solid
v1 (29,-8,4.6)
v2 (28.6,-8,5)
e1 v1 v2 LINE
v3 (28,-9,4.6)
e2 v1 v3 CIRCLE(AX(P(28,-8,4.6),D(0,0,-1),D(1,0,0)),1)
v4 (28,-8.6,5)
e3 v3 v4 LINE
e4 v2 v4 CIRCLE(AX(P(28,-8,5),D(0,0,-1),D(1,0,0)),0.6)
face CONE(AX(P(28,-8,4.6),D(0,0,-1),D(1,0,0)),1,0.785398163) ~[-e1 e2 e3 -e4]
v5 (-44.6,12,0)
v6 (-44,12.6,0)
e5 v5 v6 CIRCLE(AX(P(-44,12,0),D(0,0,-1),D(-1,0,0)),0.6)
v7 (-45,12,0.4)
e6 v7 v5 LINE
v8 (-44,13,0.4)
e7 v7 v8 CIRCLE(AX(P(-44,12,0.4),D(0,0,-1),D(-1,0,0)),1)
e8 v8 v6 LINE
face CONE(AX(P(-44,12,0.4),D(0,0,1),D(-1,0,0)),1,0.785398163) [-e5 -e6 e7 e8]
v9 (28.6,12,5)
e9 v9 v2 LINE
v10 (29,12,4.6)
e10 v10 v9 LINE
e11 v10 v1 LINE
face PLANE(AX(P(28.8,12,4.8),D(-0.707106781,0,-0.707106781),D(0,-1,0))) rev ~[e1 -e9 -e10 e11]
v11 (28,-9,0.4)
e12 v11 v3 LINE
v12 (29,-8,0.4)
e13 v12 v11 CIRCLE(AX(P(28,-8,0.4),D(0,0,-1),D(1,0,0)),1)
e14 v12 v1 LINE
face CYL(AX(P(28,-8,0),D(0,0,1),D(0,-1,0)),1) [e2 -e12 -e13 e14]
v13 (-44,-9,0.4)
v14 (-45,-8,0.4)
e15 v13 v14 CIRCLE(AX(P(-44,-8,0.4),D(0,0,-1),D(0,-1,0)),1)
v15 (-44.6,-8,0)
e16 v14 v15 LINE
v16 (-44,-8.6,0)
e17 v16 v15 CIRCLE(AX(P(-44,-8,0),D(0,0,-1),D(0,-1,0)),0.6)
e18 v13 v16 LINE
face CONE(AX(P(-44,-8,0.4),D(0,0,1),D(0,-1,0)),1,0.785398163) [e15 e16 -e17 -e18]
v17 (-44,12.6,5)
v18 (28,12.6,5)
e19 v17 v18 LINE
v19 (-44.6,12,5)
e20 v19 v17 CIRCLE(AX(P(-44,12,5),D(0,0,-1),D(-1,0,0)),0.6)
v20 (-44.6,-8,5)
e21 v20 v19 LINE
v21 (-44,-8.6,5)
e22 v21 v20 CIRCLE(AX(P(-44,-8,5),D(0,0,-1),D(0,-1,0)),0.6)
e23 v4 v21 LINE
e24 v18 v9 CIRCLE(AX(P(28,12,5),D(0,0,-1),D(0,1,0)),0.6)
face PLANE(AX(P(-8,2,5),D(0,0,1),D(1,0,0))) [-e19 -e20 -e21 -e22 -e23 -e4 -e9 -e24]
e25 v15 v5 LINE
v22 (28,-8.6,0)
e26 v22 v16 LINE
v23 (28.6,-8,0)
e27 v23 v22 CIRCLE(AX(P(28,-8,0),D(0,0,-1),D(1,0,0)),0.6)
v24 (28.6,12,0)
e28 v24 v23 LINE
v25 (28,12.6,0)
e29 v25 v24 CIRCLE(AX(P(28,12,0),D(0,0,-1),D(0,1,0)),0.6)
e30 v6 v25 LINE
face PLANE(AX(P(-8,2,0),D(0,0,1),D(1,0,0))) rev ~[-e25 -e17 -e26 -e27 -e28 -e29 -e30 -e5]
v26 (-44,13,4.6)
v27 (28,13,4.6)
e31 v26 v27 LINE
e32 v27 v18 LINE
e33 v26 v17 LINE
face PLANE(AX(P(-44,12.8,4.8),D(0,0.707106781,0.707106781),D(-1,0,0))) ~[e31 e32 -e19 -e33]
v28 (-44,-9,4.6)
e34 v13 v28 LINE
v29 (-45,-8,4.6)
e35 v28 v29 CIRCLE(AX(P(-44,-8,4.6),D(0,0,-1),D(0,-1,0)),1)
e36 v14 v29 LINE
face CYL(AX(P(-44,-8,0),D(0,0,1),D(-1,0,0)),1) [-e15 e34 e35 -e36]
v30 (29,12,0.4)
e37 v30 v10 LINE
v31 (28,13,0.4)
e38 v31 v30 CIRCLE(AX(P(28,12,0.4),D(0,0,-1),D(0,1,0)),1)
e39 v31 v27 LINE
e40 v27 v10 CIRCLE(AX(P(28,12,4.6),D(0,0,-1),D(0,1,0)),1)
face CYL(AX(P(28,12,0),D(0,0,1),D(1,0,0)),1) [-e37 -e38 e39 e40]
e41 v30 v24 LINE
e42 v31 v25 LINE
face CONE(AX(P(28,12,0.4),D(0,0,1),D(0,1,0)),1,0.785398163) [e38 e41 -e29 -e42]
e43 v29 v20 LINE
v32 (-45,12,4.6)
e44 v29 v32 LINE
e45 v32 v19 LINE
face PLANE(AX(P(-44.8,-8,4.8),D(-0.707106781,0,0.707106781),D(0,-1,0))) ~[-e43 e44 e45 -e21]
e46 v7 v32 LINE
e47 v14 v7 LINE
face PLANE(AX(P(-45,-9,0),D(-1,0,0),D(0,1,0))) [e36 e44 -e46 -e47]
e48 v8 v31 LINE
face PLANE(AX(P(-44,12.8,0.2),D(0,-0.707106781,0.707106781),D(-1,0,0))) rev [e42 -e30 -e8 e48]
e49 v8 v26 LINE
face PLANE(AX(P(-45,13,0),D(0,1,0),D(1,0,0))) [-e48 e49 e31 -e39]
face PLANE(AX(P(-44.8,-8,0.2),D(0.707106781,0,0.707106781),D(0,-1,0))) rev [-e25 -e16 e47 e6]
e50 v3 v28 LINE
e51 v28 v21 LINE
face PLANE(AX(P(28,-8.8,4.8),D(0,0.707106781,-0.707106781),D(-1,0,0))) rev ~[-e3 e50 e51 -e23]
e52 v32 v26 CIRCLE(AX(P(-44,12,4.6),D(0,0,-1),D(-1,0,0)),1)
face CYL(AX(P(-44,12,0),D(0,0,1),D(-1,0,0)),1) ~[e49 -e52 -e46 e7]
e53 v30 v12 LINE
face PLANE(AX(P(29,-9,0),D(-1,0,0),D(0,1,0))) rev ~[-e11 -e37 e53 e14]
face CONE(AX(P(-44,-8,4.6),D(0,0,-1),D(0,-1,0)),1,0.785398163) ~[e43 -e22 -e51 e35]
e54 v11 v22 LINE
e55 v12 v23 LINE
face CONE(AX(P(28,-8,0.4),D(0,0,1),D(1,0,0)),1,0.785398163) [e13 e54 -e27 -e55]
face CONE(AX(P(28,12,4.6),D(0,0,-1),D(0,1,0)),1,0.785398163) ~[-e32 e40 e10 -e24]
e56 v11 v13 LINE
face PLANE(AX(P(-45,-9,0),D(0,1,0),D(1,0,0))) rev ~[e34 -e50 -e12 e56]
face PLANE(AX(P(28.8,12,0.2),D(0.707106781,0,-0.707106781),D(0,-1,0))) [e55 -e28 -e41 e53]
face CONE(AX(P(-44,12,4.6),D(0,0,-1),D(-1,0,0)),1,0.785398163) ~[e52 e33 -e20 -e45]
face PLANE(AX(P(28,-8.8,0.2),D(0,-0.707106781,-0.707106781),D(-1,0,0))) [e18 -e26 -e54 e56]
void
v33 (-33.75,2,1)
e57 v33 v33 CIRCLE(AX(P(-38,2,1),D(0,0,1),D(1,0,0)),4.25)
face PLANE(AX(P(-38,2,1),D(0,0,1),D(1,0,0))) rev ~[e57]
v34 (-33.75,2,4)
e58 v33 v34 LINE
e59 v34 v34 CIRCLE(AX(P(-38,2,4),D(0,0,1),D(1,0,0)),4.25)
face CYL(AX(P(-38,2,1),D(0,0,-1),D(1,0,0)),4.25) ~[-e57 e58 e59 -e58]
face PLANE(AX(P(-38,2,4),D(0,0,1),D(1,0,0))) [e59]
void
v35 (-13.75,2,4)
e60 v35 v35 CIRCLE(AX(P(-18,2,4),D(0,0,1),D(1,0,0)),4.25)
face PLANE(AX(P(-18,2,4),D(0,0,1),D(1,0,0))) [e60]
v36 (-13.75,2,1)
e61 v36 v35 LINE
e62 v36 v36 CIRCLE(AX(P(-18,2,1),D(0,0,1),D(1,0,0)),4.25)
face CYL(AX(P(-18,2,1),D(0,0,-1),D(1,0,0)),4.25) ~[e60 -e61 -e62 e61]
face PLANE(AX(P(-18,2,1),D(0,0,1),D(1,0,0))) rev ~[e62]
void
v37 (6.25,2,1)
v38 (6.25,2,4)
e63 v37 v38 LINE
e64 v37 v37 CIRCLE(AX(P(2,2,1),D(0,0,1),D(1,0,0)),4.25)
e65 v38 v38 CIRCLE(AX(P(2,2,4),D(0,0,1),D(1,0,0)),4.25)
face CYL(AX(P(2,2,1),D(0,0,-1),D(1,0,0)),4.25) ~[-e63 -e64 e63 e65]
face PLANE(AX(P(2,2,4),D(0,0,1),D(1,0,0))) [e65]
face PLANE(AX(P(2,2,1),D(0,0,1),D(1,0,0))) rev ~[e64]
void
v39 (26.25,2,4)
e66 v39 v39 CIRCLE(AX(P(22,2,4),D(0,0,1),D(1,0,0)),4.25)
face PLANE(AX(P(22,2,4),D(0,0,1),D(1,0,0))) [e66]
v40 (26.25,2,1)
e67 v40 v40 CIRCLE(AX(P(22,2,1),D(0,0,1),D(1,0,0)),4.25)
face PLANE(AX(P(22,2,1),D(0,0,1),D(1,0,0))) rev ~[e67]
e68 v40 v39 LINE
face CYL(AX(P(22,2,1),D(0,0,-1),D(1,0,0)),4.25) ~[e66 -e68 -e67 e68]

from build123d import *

# Parameters (mm, degrees)
CYLINDER001_R     = 4.25
CYLINDER001_DEPTH = 3
CYLINDER_R        = 4.25
CYLINDER_DEPTH    = 3
CYLINDER002_R     = 4.25
CYLINDER002_DEPTH = 3
CYLINDER003_R     = 4.25
CYLINDER003_DEPTH = 3
BOX_W             = 74
BOX_H             = 22
BOX_DEPTH         = 5
FILLET_R          = 1
CHAMFER_SIZE      = 0.4


with BuildPart() as cylinder001:
    # Cylinder001 → Cylinder001 (new body)
    with BuildSketch(Plane(origin=(22, 2, 0), x_dir=(1, 0, 0), z_dir=(0, 0, 1))):
        Circle(CYLINDER001_R)
    extrude(amount=CYLINDER001_DEPTH)


with BuildPart() as cylinder:
    # Cylinder → Cylinder (new body)
    with BuildSketch(Plane(origin=(-38, 2, 0), x_dir=(1, 0, 0), z_dir=(0, 0, 1))):
        Circle(CYLINDER_R)
    extrude(amount=CYLINDER_DEPTH)


with BuildPart() as cylinder002:
    # Cylinder002 → Cylinder002 (new body)
    with BuildSketch(Plane(origin=(2, 2, 0), x_dir=(1, 0, 0), z_dir=(0, 0, 1))):
        Circle(CYLINDER002_R)
    extrude(amount=CYLINDER002_DEPTH)


with BuildPart() as fusion:
    # Cylinder003 → Cylinder003 (new body)
    with BuildSketch(Plane(origin=(-18, 2, 0), x_dir=(1, 0, 0), z_dir=(0, 0, 1))):
        Circle(CYLINDER003_R)
    extrude(amount=CYLINDER003_DEPTH)

    # Fusion: union Cylinder001, Cylinder, Cylinder002
    add(cylinder001.part)
    add(cylinder.part)
    add(cylinder002.part)


with BuildPart() as fusion_1:
    # Fusion placement: moved
    add(fusion.part.moved(Location((0, 0, 1))))


with BuildPart() as cut:
    # Box → Box (new body)
    with BuildSketch(Plane(origin=(-45, -9, 0), x_dir=(1, 0, 0), z_dir=(0, 0, 1))):
        with Locations((37, 11)):
            Rectangle(BOX_W, BOX_H)
    extrude(amount=BOX_DEPTH)

    # Fillet
    fillet_edges = [cut.edges().sort_by_distance(p)[0] for p in [
        (-45, -9, 2.5),
        (-45, 13, 2.5),
        (29, -9, 2.5),
        (29, 13, 2.5),
    ]]
    fillet(fillet_edges, radius=FILLET_R)

    # Chamfer
    chamfer_edges = [cut.edges().sort_by_distance(p)[0] for p in [
        (-45, 2, 5),
        (-45, 2, 0),
        (-44.707107, -8.707107, 5),
        (-44.707107, 12.707107, 5),
        (-8, -9, 5),
        (-8, 13, 5),
        (28.707107, -8.707107, 5),
        (28.707107, 12.707107, 5),
        (29, 2, 5),
        (-44.707107, -8.707107, 0),
        (-44.707107, 12.707107, 0),
        (-8, -9, 0),
        (-8, 13, 0),
        (28.707107, -8.707107, 0),
        (28.707107, 12.707107, 0),
        (29, 2, 0),
    ]]
    chamfer(chamfer_edges, length=CHAMFER_SIZE)

    # Cut: cut Fusion
    add(fusion_1.part, mode=Mode.SUBTRACT)


solid = cut.part
